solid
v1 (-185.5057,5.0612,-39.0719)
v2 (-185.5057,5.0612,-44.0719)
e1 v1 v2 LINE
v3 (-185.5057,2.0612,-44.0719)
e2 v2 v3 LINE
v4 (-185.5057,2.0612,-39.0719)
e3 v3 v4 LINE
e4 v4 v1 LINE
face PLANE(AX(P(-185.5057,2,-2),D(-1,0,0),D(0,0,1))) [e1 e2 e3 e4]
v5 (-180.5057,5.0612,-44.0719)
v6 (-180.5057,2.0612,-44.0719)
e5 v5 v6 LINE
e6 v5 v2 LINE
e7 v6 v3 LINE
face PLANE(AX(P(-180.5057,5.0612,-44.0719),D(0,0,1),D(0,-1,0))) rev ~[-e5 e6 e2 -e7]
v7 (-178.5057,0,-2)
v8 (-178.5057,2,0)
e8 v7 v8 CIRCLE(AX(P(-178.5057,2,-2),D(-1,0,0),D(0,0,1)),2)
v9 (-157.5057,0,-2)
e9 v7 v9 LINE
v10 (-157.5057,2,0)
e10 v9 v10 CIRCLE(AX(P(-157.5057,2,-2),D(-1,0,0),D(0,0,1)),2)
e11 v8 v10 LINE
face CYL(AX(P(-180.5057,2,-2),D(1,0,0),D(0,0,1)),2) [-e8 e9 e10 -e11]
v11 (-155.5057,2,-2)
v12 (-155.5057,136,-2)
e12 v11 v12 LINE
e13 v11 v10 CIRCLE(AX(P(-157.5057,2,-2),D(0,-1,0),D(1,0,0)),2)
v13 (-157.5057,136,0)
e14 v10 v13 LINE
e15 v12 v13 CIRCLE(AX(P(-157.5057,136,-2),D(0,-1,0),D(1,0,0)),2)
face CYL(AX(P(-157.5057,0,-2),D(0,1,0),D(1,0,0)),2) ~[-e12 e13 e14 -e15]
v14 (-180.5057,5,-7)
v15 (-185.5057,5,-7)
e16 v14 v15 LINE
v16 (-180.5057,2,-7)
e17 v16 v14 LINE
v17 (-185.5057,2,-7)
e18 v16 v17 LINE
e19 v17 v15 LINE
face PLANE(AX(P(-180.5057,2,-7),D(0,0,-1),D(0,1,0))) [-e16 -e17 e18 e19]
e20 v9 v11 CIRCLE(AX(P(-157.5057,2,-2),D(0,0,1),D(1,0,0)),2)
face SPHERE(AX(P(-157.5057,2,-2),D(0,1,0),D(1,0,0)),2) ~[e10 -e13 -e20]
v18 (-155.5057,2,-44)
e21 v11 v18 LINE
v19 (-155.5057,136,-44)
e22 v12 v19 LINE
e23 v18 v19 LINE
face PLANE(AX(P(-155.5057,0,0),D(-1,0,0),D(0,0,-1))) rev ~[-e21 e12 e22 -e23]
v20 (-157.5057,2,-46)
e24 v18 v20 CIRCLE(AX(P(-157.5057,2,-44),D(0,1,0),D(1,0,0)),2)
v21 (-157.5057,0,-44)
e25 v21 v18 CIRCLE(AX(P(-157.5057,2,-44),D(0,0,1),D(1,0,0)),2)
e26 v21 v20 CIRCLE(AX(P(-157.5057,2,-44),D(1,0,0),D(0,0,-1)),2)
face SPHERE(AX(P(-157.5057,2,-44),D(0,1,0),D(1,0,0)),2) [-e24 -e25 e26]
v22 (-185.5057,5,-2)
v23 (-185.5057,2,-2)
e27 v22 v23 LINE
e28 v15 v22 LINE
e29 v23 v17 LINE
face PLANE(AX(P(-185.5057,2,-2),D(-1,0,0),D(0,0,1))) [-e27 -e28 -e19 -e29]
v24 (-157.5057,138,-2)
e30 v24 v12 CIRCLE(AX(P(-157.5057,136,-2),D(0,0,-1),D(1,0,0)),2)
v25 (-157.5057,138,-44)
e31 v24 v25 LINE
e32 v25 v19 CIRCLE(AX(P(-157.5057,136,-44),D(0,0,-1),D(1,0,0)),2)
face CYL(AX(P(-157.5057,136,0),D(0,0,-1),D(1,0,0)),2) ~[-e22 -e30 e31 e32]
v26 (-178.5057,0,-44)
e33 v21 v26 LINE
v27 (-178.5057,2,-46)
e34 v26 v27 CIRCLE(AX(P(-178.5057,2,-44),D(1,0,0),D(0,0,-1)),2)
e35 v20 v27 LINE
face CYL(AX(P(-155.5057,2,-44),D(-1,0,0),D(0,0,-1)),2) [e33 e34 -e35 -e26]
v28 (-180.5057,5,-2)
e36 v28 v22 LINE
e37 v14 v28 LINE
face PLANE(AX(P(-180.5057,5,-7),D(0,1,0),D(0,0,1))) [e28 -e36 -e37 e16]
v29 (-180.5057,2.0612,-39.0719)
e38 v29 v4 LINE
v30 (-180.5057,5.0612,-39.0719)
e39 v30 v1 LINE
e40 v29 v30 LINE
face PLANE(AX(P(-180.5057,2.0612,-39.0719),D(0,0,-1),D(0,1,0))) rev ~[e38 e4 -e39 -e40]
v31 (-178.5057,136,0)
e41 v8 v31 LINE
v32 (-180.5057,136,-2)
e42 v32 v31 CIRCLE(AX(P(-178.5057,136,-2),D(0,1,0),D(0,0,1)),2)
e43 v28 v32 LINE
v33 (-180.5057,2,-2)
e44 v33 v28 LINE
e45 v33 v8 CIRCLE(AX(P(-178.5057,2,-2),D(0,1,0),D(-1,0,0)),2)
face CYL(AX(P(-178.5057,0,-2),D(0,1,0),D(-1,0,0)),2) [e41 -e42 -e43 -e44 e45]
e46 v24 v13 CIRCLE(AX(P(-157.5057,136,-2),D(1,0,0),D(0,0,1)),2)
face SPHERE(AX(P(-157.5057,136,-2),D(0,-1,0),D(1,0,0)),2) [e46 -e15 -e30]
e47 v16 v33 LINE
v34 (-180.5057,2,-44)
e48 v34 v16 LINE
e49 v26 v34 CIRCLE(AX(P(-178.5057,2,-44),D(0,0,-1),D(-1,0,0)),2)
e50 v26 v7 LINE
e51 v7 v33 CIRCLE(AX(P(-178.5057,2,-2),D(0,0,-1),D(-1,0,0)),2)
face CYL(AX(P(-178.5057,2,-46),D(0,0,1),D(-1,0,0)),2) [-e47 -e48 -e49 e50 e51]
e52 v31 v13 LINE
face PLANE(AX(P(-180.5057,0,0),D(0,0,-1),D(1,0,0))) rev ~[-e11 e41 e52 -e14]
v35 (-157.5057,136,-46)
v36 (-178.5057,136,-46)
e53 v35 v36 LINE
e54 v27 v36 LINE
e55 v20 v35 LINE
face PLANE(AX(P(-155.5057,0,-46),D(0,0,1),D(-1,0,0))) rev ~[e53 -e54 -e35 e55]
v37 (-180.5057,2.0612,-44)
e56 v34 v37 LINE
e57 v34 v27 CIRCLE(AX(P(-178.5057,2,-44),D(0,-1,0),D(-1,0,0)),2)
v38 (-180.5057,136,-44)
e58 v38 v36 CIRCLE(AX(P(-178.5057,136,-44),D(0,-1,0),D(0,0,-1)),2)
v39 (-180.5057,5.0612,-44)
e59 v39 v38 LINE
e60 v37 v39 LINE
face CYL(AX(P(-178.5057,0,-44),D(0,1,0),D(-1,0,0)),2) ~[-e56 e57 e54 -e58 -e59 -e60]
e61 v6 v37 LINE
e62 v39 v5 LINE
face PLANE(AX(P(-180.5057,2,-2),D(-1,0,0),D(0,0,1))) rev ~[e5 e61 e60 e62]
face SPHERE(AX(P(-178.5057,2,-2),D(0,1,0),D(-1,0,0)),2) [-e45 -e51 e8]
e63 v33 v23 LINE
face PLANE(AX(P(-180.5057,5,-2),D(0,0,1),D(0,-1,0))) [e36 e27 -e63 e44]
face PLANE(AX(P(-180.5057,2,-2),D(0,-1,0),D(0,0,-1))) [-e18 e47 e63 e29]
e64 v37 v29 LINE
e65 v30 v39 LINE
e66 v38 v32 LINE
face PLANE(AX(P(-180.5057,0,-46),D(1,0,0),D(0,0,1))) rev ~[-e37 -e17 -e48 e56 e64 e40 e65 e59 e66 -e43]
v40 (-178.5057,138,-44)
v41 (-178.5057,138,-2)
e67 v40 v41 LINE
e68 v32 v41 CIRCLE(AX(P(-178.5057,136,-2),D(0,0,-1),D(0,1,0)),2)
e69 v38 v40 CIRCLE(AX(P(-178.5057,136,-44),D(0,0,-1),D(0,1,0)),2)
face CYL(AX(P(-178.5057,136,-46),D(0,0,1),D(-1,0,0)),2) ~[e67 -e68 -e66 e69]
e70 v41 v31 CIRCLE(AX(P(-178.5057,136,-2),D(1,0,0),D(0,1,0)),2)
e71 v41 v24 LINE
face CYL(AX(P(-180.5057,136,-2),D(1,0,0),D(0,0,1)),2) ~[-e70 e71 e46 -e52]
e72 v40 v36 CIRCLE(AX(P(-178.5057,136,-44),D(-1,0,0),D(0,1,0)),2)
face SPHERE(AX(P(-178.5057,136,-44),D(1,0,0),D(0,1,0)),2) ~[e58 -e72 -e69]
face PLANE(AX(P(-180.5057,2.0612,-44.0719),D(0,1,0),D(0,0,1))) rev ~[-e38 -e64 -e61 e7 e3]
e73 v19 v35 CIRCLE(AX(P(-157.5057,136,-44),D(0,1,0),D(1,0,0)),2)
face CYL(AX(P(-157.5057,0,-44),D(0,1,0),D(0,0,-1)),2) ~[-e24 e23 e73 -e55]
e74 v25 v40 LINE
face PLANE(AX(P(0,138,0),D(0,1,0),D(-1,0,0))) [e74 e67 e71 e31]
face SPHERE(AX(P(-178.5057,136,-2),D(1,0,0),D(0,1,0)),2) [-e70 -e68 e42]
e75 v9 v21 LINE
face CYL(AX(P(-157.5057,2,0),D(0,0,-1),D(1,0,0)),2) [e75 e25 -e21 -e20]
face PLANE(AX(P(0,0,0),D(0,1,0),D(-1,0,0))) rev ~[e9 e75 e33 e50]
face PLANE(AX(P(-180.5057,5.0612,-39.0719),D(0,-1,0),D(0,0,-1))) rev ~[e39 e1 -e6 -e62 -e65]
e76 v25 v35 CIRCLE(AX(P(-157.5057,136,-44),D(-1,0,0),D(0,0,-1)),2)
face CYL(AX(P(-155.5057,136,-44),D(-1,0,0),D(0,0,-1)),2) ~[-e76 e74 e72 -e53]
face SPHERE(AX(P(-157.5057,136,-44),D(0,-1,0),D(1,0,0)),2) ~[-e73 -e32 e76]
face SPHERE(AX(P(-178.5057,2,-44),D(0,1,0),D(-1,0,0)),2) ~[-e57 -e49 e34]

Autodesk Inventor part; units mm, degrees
ref_plane "YZ Plane" through (0, 0, 0) normal (1, 0, 0) x (0, 1, 0)
ref_plane "XZ Plane" through (0, 0, 0) normal (0, 1, 0) x (-1, 0, 0)
ref_plane "XY Plane" through (0, 0, 0) normal (0, 0, 1) x (1, 0, 0)
sketch "Эскиз1" plane through (0, 0, 0) normal (0, 1, 0) x (-1, 0, 0)
  line L0 (180.5057, 0) -> (155.5057, 0)
  line L1 (155.5057, 0) -> (155.5057, -46)
  line L2 (155.5057, -46) -> (180.5057, -46)
  line L3 (180.5057, -46) -> (180.5057, 0)
  point P0 (0, 0)
  dimension "d0" = 25
  dimension "d1" = 46
extrude "Выдавливание1" add sketch "Эскиз1" along normal blind 138
fillet "Сопряжение1" radius 2 12 edges at (-155.5057, 69, 0) (-155.5057, 69, -46) (-155.5057, 138, -23) (-155.5057, 0, -23) (-168.0057, 138, 0) (-168.0057, 138, -46) (-180.5057, 138, -23) (-180.5057, 69, 0) (-180.5057, 69, -46) (-180.5057, 0, -23) (-168.0057, 0, 0) (-168.0057, 0, -46)
sketch "Эскиз2" plane through (-180.5057, 2, -2) normal (-1, 0, 0) x (0, 0, 1)
  line L0 (-42.0719, 0.0612) -> (-37.0719, 0.0612)
  line L1 (-37.0719, 0.0612) -> (-37.0719, 3.0612)
  line L2 (-37.0719, 3.0612) -> (-42.0719, 3.0612)
  line L3 (-42.0719, 3.0612) -> (-42.0719, 0.0612)
  line L4 (0, 0) -> (-42, 0) projected
  line L5 (0, 0) -> (-5, 0)
  line L6 (-5, 0) -> (-5, 3)
  line L7 (-5, 3) -> (0, 3)
  line L8 (0, 3) -> (0, 0)
  point P0 (2, -2)
  dimension "d5" = 5
  dimension "d6" = 3
  dimension "d7" = 5
  dimension "d8" = 3
extrude "Выдавливание2" add sketch "Эскиз2" along normal blind 5
properties part number "Аккумулятор"
